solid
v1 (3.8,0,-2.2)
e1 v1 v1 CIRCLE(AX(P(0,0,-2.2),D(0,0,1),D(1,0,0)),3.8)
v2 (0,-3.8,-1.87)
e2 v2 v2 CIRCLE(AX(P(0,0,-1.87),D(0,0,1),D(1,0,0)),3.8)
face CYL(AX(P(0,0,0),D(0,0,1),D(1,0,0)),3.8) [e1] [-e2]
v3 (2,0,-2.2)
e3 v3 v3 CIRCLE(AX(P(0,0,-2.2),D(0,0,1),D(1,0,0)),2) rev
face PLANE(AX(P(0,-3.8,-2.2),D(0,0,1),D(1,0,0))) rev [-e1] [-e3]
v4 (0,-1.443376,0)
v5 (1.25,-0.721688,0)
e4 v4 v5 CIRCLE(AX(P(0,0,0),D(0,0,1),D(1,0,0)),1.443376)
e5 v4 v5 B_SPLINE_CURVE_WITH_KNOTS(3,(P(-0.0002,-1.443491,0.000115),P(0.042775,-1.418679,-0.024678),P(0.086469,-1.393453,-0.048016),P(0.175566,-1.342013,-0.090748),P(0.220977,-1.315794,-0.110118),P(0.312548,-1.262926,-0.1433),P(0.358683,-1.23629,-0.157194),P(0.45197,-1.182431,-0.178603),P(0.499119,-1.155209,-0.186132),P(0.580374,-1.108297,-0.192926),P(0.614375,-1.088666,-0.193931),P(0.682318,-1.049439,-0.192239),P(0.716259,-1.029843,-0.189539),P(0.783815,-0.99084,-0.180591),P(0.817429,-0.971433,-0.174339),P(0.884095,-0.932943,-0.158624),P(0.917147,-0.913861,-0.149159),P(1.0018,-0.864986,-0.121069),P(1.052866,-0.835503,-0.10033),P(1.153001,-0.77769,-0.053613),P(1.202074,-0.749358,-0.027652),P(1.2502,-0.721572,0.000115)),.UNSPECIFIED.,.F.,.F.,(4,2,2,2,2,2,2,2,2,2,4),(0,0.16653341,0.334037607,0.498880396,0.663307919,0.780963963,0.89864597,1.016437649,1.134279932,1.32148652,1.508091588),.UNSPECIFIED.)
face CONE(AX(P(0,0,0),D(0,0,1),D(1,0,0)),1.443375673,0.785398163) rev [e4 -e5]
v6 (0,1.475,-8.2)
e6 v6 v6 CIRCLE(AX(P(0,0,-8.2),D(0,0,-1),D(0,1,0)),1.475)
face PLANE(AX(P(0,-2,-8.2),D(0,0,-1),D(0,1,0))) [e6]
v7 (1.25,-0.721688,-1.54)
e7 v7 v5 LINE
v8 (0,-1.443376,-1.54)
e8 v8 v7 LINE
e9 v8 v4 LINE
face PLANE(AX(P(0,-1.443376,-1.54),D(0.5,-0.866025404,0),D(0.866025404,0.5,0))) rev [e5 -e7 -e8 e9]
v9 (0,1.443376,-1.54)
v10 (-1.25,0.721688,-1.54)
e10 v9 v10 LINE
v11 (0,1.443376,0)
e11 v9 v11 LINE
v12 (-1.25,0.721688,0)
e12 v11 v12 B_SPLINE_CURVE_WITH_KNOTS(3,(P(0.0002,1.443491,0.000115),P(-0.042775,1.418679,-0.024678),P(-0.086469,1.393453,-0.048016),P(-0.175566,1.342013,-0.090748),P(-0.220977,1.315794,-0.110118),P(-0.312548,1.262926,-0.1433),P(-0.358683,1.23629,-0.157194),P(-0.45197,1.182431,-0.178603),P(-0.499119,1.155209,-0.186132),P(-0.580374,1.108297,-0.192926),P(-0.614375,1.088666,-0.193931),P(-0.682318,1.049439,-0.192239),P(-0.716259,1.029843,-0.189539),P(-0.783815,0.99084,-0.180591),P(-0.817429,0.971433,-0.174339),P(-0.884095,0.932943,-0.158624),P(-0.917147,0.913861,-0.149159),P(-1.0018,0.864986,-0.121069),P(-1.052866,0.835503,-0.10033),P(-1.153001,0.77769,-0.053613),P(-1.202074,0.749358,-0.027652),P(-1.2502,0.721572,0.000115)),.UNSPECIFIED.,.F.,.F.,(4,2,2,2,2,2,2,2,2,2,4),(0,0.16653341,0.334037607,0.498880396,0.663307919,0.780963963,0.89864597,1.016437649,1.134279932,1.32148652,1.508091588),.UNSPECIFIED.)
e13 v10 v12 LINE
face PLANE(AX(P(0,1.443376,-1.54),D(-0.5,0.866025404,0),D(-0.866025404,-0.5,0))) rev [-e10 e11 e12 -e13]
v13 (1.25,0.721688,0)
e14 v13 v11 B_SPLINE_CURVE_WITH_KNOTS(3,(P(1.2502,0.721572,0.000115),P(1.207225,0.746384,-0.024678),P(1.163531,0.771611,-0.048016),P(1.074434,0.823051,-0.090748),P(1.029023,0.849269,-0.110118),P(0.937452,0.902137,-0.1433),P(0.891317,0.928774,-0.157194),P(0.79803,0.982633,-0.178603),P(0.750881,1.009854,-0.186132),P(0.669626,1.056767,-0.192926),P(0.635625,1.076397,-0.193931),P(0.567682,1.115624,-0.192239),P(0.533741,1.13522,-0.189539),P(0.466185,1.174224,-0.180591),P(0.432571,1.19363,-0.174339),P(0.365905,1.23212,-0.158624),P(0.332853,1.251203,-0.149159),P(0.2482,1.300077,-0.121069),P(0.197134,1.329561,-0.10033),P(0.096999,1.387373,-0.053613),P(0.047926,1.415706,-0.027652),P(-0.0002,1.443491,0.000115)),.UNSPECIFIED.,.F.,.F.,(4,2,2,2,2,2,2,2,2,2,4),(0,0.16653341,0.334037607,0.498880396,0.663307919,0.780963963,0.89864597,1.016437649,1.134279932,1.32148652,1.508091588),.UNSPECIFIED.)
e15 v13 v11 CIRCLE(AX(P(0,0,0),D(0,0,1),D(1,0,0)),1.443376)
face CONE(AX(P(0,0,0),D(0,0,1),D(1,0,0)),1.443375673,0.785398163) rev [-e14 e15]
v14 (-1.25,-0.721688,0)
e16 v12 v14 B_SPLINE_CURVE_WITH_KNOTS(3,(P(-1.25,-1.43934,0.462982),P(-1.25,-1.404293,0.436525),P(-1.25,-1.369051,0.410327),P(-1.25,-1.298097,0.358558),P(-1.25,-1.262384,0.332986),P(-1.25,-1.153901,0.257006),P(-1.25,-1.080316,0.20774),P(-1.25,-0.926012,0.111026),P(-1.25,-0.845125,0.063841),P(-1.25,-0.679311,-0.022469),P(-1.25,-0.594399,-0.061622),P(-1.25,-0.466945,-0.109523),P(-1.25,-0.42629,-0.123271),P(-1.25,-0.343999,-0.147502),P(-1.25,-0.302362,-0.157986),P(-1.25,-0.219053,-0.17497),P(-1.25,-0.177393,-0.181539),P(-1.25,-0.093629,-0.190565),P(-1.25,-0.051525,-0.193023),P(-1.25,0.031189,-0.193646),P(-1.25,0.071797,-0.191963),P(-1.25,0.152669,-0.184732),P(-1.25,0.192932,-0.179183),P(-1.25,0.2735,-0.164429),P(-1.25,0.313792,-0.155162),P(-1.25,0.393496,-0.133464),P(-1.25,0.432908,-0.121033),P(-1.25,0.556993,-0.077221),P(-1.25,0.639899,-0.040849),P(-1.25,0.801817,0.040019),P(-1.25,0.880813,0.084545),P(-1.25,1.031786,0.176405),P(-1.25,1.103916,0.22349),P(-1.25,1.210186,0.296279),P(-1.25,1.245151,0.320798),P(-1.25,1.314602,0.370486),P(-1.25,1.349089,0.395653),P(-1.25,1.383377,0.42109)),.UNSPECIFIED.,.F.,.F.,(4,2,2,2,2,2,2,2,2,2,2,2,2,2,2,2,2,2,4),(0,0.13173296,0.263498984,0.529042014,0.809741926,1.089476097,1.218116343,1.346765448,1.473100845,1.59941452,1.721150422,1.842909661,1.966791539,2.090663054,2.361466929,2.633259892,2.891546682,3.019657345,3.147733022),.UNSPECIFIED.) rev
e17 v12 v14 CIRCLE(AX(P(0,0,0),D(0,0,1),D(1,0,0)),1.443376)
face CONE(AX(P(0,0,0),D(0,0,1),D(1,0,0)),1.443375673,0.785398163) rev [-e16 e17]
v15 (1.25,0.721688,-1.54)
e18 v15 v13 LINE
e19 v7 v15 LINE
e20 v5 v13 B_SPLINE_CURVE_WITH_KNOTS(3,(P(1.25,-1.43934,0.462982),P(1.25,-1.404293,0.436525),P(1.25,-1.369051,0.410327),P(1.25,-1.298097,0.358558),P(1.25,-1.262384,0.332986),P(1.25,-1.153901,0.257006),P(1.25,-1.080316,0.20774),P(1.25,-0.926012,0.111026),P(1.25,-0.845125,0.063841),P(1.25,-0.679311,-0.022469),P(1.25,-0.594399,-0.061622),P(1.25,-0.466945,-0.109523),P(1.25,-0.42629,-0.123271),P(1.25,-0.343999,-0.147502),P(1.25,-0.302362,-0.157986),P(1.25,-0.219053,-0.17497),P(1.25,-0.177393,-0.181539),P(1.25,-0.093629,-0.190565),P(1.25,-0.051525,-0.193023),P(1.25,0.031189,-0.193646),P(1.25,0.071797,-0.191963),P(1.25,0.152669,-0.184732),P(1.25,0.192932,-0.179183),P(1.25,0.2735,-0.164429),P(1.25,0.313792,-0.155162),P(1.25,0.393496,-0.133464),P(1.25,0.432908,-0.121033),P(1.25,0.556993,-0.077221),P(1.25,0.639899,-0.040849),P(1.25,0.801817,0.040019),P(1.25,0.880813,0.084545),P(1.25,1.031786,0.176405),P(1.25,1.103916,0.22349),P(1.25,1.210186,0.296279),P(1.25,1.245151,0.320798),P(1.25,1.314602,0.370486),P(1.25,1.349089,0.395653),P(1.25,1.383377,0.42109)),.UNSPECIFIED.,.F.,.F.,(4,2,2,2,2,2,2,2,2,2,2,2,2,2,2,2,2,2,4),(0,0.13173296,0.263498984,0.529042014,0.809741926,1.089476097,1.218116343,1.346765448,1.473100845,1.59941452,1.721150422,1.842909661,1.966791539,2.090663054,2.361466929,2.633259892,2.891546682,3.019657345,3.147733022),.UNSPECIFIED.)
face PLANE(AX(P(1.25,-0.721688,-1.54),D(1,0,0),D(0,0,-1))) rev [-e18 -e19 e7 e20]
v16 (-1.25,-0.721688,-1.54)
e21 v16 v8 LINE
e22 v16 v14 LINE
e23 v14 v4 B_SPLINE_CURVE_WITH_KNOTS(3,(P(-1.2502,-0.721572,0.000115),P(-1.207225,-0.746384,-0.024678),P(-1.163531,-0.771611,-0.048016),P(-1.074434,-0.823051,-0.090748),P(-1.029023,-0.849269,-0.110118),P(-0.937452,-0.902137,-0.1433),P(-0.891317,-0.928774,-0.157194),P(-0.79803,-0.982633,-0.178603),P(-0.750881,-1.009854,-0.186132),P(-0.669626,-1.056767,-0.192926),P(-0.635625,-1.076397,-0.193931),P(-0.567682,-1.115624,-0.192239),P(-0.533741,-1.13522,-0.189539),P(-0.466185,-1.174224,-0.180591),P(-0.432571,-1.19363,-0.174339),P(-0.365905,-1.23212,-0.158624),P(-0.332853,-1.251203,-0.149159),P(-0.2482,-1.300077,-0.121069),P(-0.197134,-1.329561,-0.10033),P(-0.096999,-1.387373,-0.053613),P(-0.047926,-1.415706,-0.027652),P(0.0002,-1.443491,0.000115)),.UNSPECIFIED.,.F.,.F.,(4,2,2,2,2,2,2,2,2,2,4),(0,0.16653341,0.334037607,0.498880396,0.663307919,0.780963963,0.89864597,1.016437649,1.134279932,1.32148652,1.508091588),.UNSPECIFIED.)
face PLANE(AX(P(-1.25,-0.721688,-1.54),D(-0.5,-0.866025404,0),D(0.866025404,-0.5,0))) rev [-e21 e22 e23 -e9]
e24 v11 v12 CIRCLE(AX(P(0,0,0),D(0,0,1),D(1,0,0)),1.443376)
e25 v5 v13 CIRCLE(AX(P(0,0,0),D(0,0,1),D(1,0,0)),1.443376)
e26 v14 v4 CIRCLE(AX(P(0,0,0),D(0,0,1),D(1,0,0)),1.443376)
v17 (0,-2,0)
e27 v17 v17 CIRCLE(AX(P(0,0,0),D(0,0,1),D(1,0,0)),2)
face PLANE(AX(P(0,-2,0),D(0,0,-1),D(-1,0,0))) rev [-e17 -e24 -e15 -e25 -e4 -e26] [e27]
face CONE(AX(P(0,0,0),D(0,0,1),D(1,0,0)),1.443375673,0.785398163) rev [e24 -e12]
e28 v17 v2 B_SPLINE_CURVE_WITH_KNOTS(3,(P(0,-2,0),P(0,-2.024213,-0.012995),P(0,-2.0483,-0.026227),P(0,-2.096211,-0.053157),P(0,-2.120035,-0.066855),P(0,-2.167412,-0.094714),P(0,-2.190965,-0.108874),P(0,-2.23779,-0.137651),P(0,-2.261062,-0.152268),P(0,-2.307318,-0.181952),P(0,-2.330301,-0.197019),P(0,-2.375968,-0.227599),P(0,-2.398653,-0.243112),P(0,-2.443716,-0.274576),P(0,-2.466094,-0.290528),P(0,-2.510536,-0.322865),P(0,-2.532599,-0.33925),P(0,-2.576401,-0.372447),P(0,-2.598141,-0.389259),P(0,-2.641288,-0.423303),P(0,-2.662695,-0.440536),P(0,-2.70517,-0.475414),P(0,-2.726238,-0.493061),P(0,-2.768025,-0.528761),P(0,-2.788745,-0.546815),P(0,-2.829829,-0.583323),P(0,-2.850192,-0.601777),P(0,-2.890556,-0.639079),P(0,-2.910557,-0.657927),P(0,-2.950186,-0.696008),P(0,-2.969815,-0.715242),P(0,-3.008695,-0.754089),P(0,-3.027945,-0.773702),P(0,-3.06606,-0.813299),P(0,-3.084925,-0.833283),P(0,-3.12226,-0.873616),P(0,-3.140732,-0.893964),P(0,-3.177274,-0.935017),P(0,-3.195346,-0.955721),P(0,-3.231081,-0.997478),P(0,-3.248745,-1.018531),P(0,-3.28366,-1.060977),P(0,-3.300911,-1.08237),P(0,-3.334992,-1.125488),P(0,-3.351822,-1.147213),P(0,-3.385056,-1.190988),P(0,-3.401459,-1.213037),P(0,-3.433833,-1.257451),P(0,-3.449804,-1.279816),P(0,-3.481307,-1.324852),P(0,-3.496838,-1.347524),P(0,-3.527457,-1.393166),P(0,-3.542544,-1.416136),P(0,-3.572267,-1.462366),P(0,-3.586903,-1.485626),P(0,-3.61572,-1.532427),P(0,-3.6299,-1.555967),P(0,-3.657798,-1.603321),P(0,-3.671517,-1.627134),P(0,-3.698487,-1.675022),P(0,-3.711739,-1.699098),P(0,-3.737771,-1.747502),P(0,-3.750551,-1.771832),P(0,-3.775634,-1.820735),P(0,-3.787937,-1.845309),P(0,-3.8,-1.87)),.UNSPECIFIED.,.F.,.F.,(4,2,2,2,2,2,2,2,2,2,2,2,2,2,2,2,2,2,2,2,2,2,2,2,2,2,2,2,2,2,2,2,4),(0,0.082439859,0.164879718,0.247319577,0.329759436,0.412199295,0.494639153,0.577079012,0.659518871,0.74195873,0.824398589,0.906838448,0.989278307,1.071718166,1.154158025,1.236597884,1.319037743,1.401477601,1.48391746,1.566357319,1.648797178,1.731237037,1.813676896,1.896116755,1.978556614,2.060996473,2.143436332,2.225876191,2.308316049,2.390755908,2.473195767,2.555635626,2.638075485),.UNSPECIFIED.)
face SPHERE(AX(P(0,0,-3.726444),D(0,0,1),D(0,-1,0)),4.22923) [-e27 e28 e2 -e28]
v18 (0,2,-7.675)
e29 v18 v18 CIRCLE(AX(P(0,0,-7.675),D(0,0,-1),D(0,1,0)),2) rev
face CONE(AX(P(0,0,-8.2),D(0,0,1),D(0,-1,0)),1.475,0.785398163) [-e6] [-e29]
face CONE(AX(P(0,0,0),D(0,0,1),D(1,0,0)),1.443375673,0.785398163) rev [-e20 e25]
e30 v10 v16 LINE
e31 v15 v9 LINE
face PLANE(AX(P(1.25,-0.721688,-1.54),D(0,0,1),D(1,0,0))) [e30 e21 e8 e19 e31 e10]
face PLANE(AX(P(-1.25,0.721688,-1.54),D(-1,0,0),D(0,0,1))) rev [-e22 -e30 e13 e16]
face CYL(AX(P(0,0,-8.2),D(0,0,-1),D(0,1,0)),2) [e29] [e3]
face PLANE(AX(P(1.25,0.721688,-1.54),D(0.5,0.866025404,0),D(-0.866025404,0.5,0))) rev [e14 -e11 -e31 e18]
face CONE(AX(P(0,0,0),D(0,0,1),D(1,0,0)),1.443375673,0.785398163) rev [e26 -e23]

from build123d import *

# Parameters (mm, degrees)
SKETCH1_W          = 6
SKETCH1_H          = 2
CHAMFER1_SIZE      = 0.525
CUT_EXTRUDE2_DEPTH = 1.54


with BuildPart() as part:
    # Sketch1 → Revolve1 (revolve)
    with BuildSketch(Plane(origin=(0, 0, 0), x_dir=(0, 0, -1), z_dir=(1, 0, 0))):
        with Locations((5.2, 1)):
            Rectangle(SKETCH1_W, SKETCH1_H)
    revolve(axis=Axis((0, 0, -8.2), (0, 0, 1)))

    # Chamfer1
    chamfer1_edges = [part.edges().sort_by_distance(p)[0] for p in [
        (0, -2, -8.2),
    ]]
    chamfer(chamfer1_edges, length=CHAMFER1_SIZE)

    # Sketch7 → Revolve2 (revolve)
    with BuildSketch(Plane(origin=(0, 0, 0), x_dir=(0, 0, -1), z_dir=(1, 0, 0))):
        with BuildLine():
            Line((1.87, 3.8), (2.2, 3.8))
            Line((2.2, 3.8), (2.2, 0))
            Line((2.2, 0), (0, 0))
            Line((0, 0), (0, 2))
            ThreePointArc((0, 2), (0.793500147, 3.047002626), (1.87, 3.8))
        make_face()
    revolve(axis=Axis((0, 0, 0), (0, 0, -1)))

    # Sketch5 → Cut-Extrude2 (cut)
    with BuildSketch(Plane.XY):
        Polygon((1.25, -0.721687836), (1.25, 0.721687836), (0, 1.443375673), (-1.25, 0.721687836), (-1.25, -0.721687836), (0, -1.443375673), align=None)
    extrude(amount=-CUT_EXTRUDE2_DEPTH, mode=Mode.SUBTRACT)

    # Cut-Extrude3 cone 1 section (through the dimple's axis) → Cut-Extrude3 (revolve, cut)
    with BuildSketch(Plane(origin=(0, 0, 0), x_dir=(0, -1, 0), z_dir=(1, 0, 0))):
        Polygon((0, 0), (1.443375673, 0), (0, 1.443375673), align=None)
    revolve(axis=Axis((0, 0, 0), (0, 0, -1)), mode=Mode.SUBTRACT)


solid = part.part
